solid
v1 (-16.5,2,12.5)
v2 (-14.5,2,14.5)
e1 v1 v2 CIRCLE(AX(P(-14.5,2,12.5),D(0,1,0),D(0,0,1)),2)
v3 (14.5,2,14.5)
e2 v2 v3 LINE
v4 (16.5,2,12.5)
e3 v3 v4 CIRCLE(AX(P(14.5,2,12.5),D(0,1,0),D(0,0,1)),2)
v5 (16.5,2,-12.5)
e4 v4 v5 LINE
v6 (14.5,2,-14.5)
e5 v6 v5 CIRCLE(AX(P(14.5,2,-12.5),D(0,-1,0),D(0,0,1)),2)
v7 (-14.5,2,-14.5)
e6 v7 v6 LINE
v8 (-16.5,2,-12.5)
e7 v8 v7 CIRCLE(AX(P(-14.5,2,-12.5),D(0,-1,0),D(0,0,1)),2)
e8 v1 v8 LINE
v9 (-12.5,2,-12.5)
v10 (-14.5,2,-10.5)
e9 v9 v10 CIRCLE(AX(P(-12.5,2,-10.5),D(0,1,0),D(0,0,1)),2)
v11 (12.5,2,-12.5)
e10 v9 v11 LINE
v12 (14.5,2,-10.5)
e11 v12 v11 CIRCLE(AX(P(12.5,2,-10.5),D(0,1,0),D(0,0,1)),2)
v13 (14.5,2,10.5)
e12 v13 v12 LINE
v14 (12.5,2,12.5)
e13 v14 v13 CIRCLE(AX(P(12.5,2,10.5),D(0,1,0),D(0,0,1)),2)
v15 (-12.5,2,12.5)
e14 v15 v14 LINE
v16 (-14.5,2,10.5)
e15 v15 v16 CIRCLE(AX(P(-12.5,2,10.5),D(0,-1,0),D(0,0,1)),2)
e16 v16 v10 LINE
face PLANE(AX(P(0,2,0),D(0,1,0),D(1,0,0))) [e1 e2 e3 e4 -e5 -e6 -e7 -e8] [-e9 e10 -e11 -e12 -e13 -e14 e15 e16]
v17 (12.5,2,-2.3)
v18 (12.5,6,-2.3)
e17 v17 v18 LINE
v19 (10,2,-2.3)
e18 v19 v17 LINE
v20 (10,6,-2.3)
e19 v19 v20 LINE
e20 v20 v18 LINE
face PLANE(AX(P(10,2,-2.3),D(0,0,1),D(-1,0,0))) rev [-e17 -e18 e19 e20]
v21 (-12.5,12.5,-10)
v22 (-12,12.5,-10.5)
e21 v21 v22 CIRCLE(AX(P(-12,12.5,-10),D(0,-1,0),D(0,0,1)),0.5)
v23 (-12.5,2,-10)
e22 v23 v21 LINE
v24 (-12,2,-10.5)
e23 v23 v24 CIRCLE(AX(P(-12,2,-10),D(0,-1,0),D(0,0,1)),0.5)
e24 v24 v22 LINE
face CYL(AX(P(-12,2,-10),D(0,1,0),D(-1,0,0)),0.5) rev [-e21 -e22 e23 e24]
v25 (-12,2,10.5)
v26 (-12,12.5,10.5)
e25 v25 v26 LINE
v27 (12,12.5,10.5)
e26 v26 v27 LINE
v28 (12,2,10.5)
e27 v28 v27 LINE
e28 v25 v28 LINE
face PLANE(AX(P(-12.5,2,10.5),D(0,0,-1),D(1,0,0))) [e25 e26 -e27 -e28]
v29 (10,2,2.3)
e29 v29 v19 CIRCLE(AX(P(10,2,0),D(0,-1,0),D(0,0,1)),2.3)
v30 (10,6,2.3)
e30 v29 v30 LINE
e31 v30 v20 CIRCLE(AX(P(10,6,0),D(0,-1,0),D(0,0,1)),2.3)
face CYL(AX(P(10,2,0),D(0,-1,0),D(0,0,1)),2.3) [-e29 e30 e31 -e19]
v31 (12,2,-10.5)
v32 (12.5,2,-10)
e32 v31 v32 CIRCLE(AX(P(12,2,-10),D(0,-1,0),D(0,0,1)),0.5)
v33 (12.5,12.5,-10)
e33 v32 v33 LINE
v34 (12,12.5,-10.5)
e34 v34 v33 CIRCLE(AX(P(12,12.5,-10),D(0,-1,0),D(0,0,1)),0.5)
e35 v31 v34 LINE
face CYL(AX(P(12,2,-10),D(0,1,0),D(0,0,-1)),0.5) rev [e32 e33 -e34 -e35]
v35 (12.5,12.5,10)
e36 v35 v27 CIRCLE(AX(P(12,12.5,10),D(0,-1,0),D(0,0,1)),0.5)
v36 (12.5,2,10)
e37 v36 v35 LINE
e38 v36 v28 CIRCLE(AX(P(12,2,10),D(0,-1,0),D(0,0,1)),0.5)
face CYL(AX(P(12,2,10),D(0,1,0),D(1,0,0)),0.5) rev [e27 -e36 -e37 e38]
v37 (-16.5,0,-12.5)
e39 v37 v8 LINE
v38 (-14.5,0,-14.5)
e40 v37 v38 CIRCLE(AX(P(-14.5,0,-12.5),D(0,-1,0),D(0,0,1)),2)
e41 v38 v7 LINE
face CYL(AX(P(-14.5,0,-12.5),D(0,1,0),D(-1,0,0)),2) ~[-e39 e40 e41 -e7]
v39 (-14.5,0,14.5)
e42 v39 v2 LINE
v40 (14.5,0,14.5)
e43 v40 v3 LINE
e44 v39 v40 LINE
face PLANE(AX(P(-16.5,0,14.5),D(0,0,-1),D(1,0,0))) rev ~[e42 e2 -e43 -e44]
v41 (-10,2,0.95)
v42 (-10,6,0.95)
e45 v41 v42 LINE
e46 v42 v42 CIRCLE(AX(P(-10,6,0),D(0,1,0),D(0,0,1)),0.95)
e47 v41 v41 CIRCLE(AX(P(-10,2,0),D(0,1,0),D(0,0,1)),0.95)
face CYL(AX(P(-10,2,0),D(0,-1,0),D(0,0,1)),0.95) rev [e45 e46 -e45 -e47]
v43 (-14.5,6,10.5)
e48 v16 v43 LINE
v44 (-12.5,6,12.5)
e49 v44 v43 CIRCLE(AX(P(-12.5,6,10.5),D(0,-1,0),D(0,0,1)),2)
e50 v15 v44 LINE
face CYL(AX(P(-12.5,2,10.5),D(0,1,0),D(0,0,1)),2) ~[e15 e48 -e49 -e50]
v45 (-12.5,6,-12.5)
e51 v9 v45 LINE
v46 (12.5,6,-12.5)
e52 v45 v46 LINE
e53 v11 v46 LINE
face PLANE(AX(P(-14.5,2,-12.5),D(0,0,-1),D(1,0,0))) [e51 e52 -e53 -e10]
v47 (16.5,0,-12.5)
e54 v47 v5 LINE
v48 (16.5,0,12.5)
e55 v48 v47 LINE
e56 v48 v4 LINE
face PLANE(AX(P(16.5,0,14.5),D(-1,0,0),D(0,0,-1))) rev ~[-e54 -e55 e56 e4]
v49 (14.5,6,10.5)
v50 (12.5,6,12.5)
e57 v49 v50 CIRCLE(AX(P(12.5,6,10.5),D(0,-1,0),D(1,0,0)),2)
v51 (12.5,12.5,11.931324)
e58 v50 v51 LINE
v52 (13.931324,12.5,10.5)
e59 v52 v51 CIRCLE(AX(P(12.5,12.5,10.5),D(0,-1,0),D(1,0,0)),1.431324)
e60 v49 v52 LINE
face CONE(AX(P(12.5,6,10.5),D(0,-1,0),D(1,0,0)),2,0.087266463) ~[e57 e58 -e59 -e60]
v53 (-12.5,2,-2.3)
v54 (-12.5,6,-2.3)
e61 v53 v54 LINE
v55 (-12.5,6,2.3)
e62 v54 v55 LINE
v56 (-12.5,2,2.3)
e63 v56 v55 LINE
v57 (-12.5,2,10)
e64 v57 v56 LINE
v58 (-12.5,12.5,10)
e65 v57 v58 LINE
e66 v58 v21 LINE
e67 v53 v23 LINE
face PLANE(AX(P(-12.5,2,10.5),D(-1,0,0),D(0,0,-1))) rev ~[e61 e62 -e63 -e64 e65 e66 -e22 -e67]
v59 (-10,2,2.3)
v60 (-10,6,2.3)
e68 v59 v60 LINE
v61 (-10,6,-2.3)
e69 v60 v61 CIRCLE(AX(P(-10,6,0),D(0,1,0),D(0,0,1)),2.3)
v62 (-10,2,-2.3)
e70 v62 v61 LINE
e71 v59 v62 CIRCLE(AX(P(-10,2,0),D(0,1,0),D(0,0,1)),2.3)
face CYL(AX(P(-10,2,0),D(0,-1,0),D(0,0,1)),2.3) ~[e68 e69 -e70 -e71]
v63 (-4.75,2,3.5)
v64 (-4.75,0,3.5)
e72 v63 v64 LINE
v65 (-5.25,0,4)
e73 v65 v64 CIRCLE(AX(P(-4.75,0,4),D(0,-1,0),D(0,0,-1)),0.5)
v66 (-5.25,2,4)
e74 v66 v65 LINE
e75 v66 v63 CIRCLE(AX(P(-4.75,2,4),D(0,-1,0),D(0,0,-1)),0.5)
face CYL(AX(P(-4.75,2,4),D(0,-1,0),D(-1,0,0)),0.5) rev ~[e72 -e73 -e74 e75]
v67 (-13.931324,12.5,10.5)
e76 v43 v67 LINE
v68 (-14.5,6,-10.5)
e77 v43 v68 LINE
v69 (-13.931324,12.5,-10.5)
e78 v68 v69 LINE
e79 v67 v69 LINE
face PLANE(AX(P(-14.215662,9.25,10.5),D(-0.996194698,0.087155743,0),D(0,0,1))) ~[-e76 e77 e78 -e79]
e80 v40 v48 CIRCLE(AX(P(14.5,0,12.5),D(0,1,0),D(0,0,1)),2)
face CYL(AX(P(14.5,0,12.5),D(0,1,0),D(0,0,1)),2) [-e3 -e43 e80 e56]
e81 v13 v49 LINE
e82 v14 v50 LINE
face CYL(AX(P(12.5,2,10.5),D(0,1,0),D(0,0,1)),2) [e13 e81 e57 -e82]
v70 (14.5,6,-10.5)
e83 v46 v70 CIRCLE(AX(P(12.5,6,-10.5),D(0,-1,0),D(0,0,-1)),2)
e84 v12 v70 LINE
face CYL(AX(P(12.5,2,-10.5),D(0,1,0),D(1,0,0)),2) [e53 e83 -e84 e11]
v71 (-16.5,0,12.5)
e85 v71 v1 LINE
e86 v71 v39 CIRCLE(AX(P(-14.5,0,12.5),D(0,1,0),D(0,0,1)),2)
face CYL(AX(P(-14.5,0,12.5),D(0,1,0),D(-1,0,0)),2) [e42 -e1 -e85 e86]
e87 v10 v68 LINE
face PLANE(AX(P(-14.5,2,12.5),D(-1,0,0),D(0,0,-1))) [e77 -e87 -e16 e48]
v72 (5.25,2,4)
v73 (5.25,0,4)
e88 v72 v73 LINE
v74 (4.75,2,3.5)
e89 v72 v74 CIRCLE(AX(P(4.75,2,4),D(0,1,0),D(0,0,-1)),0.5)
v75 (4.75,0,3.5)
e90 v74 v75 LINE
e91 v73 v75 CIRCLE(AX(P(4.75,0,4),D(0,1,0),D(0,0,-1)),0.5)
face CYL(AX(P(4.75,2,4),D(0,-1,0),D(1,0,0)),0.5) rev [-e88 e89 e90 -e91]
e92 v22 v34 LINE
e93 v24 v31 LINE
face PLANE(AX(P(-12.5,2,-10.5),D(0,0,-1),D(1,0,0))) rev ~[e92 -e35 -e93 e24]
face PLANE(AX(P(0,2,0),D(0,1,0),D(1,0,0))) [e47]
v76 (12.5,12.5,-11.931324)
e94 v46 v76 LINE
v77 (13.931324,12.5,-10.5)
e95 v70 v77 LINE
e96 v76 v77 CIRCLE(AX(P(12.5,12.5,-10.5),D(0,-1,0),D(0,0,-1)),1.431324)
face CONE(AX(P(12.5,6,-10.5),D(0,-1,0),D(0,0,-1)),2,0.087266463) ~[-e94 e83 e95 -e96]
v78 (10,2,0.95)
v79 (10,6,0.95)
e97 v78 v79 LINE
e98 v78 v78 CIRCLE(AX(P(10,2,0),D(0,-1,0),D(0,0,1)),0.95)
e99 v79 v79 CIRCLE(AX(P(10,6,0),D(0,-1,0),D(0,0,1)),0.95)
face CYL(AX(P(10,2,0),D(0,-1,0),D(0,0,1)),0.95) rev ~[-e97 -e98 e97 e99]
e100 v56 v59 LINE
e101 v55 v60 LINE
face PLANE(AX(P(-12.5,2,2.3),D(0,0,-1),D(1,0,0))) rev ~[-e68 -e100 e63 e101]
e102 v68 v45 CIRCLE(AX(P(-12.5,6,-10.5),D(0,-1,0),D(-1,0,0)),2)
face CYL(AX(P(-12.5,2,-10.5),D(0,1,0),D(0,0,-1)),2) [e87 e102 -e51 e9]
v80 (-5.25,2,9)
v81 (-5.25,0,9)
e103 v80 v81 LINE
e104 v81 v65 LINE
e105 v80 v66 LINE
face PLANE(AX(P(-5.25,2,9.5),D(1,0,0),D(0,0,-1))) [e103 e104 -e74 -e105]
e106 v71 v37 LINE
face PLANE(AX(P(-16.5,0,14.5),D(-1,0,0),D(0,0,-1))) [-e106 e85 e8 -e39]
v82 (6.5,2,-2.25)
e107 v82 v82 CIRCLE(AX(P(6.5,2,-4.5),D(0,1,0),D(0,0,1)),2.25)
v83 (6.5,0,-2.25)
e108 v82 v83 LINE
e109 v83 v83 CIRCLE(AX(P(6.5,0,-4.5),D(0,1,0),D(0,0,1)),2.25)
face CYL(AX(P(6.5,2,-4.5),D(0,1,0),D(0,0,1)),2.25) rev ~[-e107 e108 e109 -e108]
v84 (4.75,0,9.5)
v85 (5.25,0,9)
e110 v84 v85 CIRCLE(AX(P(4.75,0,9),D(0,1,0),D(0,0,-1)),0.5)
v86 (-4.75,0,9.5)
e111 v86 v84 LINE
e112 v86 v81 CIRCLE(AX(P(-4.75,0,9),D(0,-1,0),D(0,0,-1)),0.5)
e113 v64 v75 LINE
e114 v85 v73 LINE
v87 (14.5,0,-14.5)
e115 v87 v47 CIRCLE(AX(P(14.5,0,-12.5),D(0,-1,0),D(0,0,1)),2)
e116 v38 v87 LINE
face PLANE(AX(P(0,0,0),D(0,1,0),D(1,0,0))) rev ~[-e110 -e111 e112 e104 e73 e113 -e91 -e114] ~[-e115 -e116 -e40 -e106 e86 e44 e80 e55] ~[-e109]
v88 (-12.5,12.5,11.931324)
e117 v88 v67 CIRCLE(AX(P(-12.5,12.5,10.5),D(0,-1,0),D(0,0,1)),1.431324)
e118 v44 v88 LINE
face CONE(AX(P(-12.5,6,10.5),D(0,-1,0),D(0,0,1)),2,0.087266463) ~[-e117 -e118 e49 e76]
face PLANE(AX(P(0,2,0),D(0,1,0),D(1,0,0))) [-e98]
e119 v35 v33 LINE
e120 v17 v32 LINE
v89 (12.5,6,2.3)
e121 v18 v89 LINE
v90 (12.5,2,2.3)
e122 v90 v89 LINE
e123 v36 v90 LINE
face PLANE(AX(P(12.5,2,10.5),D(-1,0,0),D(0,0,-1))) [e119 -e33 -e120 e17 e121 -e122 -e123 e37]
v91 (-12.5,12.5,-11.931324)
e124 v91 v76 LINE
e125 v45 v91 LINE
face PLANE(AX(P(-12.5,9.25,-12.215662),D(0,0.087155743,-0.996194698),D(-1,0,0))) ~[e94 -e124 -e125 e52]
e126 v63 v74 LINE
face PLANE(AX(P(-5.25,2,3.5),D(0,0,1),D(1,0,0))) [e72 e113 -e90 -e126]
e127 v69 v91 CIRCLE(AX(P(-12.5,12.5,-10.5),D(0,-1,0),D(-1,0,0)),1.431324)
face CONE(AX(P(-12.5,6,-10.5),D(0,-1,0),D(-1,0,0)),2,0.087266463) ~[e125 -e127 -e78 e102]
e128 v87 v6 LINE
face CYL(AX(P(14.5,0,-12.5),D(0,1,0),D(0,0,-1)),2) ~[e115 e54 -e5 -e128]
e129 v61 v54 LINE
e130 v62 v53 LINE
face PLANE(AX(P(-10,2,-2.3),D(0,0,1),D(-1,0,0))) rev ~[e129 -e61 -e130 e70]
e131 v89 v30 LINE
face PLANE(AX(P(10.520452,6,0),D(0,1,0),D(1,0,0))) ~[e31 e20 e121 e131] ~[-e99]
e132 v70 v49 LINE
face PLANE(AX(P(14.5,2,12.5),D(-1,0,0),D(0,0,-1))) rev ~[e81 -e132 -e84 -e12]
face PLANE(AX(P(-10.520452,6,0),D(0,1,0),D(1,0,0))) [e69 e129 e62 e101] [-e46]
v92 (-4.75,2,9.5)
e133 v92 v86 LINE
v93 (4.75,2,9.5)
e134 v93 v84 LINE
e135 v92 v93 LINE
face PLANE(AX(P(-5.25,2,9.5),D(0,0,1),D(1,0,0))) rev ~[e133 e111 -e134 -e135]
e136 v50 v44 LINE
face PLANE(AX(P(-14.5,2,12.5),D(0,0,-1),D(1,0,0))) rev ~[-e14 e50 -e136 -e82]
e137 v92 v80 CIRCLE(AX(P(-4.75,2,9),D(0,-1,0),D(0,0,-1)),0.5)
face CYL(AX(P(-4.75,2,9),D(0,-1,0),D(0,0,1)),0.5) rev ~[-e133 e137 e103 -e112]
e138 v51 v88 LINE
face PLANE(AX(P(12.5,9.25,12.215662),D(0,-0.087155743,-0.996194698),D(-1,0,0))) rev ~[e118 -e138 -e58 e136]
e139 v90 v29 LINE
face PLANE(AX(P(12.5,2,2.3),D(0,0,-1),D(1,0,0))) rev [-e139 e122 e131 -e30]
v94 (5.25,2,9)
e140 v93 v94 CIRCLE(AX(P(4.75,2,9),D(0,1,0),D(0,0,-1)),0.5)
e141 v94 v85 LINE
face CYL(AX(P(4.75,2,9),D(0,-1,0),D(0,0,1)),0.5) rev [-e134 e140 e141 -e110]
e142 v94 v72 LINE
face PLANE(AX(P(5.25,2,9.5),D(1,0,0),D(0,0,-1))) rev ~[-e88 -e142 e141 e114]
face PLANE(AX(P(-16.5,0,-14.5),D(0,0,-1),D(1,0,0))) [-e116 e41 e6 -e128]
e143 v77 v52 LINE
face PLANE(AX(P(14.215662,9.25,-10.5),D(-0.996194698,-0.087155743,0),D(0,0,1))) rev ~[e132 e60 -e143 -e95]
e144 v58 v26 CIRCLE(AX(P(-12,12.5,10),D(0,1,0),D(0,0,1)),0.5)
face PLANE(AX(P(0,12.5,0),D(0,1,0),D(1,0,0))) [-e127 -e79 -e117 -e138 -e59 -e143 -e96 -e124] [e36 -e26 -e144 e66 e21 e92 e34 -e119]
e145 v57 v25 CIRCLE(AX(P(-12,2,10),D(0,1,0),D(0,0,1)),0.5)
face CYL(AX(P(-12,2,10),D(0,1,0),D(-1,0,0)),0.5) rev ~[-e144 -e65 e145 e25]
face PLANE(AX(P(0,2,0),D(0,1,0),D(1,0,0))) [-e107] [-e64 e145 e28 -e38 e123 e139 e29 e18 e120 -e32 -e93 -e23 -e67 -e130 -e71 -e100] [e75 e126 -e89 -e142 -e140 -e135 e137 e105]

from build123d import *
from OCP.BRepFilletAPI import BRepFilletAPI_MakeChamfer

# Parameters (mm, degrees)
SKETCH1_W           = 33
SKETCH1_H           = 29
BOSS_EXTRUDE1_DEPTH = 2
SKETCH2_W           = 29
SKETCH2_H           = 25
SKETCH2_W_2         = 25
SKETCH2_H_2         = 21
BOSS_EXTRUDE2_DEPTH = 10.5
SKETCH3_W           = 10.5
SKETCH3_H           = 6
CUT_EXTRUDE1_DEPTH  = 2
SKETCH4_R           = 2.25
CUT_EXTRUDE2_DEPTH  = 2
SKETCH5_R           = 0.95
BOSS_EXTRUDE3_DEPTH = 4
FILLET1_R           = 2
FILLET2_R           = 0.5
CHAMFER1_SIZE       = 6.5
CHAMFER1_SIZE2      = 0.568676313


with BuildPart() as part:
    # Sketch1 → Boss-Extrude1 (new body)
    with BuildSketch(Plane(origin=(0, 0, 0), x_dir=(1, 0, 0), z_dir=(0, 1, 0))):
        Rectangle(SKETCH1_W, SKETCH1_H)
    extrude(amount=BOSS_EXTRUDE1_DEPTH)

    # Sketch2 → Boss-Extrude2 (add)
    with BuildSketch(Plane(origin=(0, 2, 0), x_dir=(1, 0, 0), z_dir=(0, 1, 0))):
        Rectangle(SKETCH2_W, SKETCH2_H)
        Rectangle(SKETCH2_W_2, SKETCH2_H_2, mode=Mode.SUBTRACT)
    extrude(amount=BOSS_EXTRUDE2_DEPTH)

    # Sketch3 → Cut-Extrude1 (cut)
    with BuildSketch(Plane(origin=(0, 2, 0), x_dir=(1, 0, 0), z_dir=(0, 1, 0))):
        with Locations((0, -6.5)):
            Rectangle(SKETCH3_W, SKETCH3_H)
    extrude(amount=-CUT_EXTRUDE1_DEPTH, mode=Mode.SUBTRACT)

    # Sketch4 → Cut-Extrude2 (cut)
    with BuildSketch(Plane(origin=(0, 2, 0), x_dir=(1, 0, 0), z_dir=(0, 1, 0))):
        with Locations(Location((6.5, 4.5, 0), (0, 0, 270))):
            Circle(SKETCH4_R)
    extrude(amount=-CUT_EXTRUDE2_DEPTH, mode=Mode.SUBTRACT)

    # Sketch5 → Boss-Extrude3 (add)
    with BuildSketch(Plane(origin=(0, 2, 0), x_dir=(1, 0, 0), z_dir=(0, 1, 0))):
        with BuildLine():
            Line((-10, 2.3), (-12.5, 2.3))
            Line((-12.5, 2.3), (-12.5, -2.3))
            Line((-12.5, -2.3), (-10, -2.3))
            ThreePointArc((-10, -2.3), (-7.7, 0), (-10, 2.3))
        make_face()
        with Locations(Location((-10, 0, 0), (0, 0, 270))):
            Circle(SKETCH5_R, mode=Mode.SUBTRACT)
    boss_extrude3 = extrude(amount=BOSS_EXTRUDE3_DEPTH)

    # Mirror1: Boss-Extrude3 across plane
    add(boss_extrude3.mirror(Plane(origin=(0, 0, 0), x_dir=(0, 0, 1), z_dir=(1, 0, 0))))

    # Fillet1
    fillet1_edges = [part.edges().sort_by_distance(p)[0] for p in [
        (14.5, 7.25, 12.5),
        (14.5, 7.25, -12.5),
        (-14.5, 7.25, -12.5),
        (-14.5, 7.25, 12.5),
        (16.5, 1, 14.5),
        (-16.5, 1, 14.5),
        (-16.5, 1, -14.5),
        (16.5, 1, -14.5),
    ]]
    fillet(fillet1_edges, radius=FILLET1_R)

    # Fillet2
    fillet2_edges = [part.edges().sort_by_distance(p)[0] for p in [
        (12.5, 7.25, -10.5),
        (-12.5, 7.25, -10.5),
        (-12.5, 7.25, 10.5),
        (12.5, 7.25, 10.5),
        (-5.25, 1, 3.5),
        (-5.25, 1, 9.5),
        (5.25, 1, 9.5),
        (5.25, 1, 3.5),
    ]]
    fillet(fillet2_edges, radius=FILLET2_R)

    # Chamfer1: one chamfer whose edges measure the first distance from different faces: ONE call of the kernel's chamfer builder (chamfer() names one face for all edges)
    chamfer1_edges_1 = [part.edges().sort_by_distance(p)[0] for p in [
        (-14.5, 12.5, 0),
    ]]
    chamfer1_side_1 = [part.faces().sort_by_distance(p)[0] for p in [
        (-14.5, 7.25, 0),
    ]]
    chamfer1_edges_2 = [part.edges().sort_by_distance(p)[0] for p in [
        (0, 12.5, -12.5),
    ]]
    chamfer1_side_2 = [part.faces().sort_by_distance(p)[0] for p in [
        (0, 7.25, -12.5),
    ]]
    chamfer1_edges_3 = [part.edges().sort_by_distance(p)[0] for p in [
        (14.5, 12.5, 0),
    ]]
    chamfer1_side_3 = [part.faces().sort_by_distance(p)[0] for p in [
        (14.5, 7.25, 0),
    ]]
    chamfer1_edges_4 = [part.edges().sort_by_distance(p)[0] for p in [
        (0, 12.5, 12.5),
    ]]
    chamfer1_side_4 = [part.faces().sort_by_distance(p)[0] for p in [
        (0, 7.25, 12.5),
    ]]
    chamfer1_edges_5 = [part.edges().sort_by_distance(p)[0] for p in [
        (13.914213562, 12.5, -11.914213562),
    ]]
    chamfer1_side_5 = [part.faces().sort_by_distance(p)[0] for p in [
        (13.914213562, 7.25, -11.914213562),
    ]]
    chamfer1_edges_6 = [part.edges().sort_by_distance(p)[0] for p in [
        (13.914213562, 12.5, 11.914213562),
    ]]
    chamfer1_side_6 = [part.faces().sort_by_distance(p)[0] for p in [
        (13.914213562, 7.25, 11.914213562),
    ]]
    chamfer1_edges_7 = [part.edges().sort_by_distance(p)[0] for p in [
        (-13.914213562, 12.5, 11.914213562),
    ]]
    chamfer1_side_7 = [part.faces().sort_by_distance(p)[0] for p in [
        (-13.914213562, 7.25, 11.914213562),
    ]]
    chamfer1_edges_8 = [part.edges().sort_by_distance(p)[0] for p in [
        (-13.914213562, 12.5, -11.914213562),
    ]]
    chamfer1_side_8 = [part.faces().sort_by_distance(p)[0] for p in [
        (-13.914213562, 7.25, -11.914213562),
    ]]
    chamfer1 = BRepFilletAPI_MakeChamfer(part.part.solid().wrapped)
    for e in chamfer1_edges_1:
        chamfer1.Add(CHAMFER1_SIZE, CHAMFER1_SIZE2, e.wrapped, chamfer1_side_1[0].wrapped)  # the first distance lies on this face
    for e in chamfer1_edges_2:
        chamfer1.Add(CHAMFER1_SIZE, CHAMFER1_SIZE2, e.wrapped, chamfer1_side_2[0].wrapped)  # the first distance lies on this face
    for e in chamfer1_edges_3:
        chamfer1.Add(CHAMFER1_SIZE, CHAMFER1_SIZE2, e.wrapped, chamfer1_side_3[0].wrapped)  # the first distance lies on this face
    for e in chamfer1_edges_4:
        chamfer1.Add(CHAMFER1_SIZE, CHAMFER1_SIZE2, e.wrapped, chamfer1_side_4[0].wrapped)  # the first distance lies on this face
    for e in chamfer1_edges_5:
        chamfer1.Add(CHAMFER1_SIZE, CHAMFER1_SIZE2, e.wrapped, chamfer1_side_5[0].wrapped)  # the first distance lies on this face
    for e in chamfer1_edges_6:
        chamfer1.Add(CHAMFER1_SIZE, CHAMFER1_SIZE2, e.wrapped, chamfer1_side_6[0].wrapped)  # the first distance lies on this face
    for e in chamfer1_edges_7:
        chamfer1.Add(CHAMFER1_SIZE, CHAMFER1_SIZE2, e.wrapped, chamfer1_side_7[0].wrapped)  # the first distance lies on this face
    for e in chamfer1_edges_8:
        chamfer1.Add(CHAMFER1_SIZE, CHAMFER1_SIZE2, e.wrapped, chamfer1_side_8[0].wrapped)  # the first distance lies on this face
    add(Compound.cast(chamfer1.Shape()), mode=Mode.REPLACE)


solid = part.part
